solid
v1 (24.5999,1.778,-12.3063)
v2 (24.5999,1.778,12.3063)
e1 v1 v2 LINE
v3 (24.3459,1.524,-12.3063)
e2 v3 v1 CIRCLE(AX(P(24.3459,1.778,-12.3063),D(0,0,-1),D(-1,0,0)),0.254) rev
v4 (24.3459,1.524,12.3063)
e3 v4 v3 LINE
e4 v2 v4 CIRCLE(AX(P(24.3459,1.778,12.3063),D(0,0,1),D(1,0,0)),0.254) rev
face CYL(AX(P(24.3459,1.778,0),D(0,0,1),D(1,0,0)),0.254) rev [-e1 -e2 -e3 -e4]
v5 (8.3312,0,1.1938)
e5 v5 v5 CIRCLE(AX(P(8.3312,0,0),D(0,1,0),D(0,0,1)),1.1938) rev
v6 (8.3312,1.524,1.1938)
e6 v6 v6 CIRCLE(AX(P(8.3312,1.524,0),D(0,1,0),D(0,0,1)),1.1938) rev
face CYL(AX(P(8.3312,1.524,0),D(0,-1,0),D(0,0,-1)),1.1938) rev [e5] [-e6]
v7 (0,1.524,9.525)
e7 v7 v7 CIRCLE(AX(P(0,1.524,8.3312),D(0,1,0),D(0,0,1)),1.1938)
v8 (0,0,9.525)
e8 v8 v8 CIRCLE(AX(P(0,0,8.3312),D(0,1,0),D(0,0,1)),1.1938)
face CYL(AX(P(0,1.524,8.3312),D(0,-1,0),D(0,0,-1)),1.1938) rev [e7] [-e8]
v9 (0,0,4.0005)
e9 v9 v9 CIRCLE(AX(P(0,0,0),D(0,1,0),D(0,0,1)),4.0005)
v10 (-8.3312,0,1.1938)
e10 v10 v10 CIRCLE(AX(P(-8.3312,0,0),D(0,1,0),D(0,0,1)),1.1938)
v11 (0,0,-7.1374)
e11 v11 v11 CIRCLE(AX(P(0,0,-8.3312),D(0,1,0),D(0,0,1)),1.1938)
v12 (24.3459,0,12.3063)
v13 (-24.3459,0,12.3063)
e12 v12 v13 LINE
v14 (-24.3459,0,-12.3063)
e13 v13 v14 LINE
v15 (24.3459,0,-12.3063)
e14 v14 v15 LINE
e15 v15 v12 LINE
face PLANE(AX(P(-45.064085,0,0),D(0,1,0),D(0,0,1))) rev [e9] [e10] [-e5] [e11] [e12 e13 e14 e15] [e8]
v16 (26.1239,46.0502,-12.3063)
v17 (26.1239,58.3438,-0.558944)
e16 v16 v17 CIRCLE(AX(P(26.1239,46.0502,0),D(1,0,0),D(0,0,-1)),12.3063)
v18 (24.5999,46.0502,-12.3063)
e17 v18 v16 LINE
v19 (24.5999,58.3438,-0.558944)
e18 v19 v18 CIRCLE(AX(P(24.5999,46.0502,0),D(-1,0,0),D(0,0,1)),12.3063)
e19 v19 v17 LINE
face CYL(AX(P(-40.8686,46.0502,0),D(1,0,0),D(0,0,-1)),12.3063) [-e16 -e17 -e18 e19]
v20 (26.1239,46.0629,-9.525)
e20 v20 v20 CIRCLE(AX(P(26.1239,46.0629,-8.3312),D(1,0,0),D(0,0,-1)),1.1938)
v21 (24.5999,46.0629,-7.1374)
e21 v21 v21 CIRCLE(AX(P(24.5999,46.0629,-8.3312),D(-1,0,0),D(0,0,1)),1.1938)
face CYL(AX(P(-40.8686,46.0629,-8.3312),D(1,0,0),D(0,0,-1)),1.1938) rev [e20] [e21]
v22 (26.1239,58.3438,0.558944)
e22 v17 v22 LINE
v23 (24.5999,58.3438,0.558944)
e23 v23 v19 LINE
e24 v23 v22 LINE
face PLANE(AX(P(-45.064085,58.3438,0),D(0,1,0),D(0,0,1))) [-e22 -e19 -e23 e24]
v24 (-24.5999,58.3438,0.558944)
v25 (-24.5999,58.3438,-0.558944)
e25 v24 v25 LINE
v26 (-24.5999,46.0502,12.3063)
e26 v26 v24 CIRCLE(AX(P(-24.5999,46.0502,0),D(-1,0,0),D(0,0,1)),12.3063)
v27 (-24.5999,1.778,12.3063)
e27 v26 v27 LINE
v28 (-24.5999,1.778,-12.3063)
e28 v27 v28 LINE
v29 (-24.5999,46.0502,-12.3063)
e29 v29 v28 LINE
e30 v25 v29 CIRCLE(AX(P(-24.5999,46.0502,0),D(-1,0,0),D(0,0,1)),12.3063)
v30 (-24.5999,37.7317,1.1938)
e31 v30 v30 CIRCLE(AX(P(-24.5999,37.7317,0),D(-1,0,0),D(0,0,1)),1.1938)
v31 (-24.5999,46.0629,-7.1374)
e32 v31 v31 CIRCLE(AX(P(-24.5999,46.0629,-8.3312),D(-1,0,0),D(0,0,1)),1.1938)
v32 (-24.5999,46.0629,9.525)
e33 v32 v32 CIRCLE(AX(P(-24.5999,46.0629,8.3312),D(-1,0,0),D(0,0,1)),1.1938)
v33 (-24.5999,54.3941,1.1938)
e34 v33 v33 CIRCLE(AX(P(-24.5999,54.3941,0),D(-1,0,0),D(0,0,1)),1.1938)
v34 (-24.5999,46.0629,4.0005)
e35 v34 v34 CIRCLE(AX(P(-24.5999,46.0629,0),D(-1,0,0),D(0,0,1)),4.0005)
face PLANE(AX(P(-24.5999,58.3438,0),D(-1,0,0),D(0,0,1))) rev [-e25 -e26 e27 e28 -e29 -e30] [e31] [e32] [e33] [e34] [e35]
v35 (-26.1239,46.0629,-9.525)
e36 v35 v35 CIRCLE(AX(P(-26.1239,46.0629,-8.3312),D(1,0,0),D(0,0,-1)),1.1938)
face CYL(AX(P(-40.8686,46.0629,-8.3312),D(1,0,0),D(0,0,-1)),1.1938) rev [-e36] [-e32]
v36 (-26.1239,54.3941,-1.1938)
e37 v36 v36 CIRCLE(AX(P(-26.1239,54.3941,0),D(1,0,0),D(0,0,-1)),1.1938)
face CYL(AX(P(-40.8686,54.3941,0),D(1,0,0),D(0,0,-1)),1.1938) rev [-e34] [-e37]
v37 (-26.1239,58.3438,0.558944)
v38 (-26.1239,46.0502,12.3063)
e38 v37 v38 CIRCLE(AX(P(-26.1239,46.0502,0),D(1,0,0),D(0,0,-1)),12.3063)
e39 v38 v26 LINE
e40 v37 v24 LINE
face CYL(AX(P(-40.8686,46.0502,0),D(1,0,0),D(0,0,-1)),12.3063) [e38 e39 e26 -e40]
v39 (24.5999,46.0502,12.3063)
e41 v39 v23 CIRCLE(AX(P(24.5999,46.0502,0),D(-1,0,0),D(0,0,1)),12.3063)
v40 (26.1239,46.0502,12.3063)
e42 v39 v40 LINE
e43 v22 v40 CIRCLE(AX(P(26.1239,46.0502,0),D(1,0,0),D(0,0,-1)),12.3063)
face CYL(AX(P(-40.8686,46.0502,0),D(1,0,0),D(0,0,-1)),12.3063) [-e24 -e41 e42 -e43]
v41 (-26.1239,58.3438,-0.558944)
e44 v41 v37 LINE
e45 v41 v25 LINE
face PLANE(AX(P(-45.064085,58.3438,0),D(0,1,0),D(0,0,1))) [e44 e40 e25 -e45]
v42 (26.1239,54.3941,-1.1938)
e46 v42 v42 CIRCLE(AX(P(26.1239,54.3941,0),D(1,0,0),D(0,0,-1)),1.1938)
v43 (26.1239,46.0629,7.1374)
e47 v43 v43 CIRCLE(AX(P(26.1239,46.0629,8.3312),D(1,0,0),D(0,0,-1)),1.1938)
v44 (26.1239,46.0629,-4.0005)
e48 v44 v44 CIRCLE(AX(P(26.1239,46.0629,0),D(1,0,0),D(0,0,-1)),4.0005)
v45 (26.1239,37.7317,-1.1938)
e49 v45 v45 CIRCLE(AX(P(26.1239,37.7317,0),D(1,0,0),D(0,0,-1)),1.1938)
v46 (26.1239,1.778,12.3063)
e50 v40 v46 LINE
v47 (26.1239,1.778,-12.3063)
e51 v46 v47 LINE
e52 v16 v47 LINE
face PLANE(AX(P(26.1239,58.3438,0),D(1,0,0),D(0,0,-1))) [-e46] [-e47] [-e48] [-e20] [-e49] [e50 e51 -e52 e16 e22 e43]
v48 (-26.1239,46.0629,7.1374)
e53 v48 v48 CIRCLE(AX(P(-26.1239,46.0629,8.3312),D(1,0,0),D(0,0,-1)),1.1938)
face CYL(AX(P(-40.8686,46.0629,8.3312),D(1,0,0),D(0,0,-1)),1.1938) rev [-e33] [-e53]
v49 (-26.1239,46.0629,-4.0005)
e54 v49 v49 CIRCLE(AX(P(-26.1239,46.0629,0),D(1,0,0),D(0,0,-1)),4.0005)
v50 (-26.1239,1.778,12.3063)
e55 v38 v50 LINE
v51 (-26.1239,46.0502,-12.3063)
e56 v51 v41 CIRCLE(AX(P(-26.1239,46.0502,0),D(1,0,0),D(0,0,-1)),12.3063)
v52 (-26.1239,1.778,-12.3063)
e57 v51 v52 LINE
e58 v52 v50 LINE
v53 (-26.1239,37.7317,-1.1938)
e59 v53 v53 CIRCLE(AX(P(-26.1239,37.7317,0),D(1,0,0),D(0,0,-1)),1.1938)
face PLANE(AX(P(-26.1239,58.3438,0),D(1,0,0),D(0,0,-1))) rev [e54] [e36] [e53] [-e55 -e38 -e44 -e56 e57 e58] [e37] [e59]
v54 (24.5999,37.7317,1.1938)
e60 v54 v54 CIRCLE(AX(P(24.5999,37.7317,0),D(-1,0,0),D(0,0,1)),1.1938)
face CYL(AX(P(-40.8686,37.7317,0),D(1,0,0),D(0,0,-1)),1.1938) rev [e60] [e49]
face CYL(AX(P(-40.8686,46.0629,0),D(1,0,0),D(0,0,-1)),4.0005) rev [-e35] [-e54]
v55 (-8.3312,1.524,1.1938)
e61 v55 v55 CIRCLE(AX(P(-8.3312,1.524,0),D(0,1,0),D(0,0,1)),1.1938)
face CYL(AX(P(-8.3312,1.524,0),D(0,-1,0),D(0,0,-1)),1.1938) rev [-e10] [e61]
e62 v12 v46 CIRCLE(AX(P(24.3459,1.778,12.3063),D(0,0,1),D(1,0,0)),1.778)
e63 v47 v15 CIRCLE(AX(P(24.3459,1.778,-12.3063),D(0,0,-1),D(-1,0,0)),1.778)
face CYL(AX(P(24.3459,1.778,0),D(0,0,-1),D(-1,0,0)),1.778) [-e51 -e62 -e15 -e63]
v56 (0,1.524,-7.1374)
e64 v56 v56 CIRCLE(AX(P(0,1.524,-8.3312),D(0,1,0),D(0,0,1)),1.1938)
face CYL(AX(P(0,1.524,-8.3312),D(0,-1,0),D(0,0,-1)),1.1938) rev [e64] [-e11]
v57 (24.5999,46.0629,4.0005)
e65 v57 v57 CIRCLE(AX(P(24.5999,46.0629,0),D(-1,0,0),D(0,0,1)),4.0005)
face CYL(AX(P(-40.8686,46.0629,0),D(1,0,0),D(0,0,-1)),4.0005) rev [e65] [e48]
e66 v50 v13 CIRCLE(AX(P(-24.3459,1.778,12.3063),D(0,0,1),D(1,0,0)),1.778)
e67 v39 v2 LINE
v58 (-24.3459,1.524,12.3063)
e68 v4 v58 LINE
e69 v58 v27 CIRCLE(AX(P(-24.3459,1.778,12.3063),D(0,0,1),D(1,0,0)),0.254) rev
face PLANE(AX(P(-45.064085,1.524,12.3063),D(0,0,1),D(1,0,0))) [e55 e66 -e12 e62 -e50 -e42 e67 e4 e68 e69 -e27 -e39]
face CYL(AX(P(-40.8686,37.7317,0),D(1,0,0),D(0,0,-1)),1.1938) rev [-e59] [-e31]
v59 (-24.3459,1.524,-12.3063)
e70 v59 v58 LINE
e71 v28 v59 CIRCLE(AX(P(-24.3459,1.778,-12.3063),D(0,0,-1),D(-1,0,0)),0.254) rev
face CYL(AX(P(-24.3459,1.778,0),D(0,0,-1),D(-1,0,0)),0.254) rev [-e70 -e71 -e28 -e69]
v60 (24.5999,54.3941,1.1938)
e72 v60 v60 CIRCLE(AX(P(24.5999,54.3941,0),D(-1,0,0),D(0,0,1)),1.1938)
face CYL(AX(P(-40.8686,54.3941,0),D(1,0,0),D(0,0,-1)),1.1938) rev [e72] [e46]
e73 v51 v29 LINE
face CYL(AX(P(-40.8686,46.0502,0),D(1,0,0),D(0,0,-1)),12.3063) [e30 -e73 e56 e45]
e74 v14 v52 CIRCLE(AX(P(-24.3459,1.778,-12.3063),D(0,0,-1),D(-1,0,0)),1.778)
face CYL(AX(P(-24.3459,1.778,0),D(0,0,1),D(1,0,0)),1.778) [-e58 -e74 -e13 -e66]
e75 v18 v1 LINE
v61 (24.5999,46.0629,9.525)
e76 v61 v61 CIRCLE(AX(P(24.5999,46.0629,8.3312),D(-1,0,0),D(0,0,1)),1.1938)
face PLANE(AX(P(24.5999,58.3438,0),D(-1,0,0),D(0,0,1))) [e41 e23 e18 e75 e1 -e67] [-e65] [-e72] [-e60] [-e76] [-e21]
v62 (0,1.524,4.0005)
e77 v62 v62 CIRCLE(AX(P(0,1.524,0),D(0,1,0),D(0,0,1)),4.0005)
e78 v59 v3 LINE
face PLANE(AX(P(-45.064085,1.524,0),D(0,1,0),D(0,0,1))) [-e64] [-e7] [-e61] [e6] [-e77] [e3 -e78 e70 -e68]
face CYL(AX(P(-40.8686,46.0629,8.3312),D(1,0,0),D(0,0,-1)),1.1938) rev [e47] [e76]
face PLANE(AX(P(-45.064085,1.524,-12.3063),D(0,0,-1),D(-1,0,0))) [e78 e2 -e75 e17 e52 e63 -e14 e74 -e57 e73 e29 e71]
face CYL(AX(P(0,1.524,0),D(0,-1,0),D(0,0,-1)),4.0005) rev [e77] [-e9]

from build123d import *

# Parameters (mm, degrees)
SKETCH1_W               = 49.1998
SKETCH1_H               = 24.6126
SKETCH1_R               = 1.1938
SKETCH1_R_2             = 4.0005
EXTRUDE1_DEPTH          = 1.524
SKETCH1_3_W             = 1.524
SKETCH1_3_H             = 24.6126
EXTRUDE2_DEPTH          = 58.3438
SKETCH4_R               = 4.0005
SKETCH4_R_2             = 1.1938
CUT_EXTRUDE1_DEPTH      = 40.8686
CUT_EXTRUDE1_DEPTH_BACK = 40.8686
FILLET1_R               = 0.254
FILLET2_R               = 1.778


with BuildPart() as part:
    # Sketch1 → Extrude1 (new body)
    with BuildSketch(Plane(origin=(0, 0, 0), x_dir=(1, 0, 0), z_dir=(0, 1, 0))):
        Rectangle(SKETCH1_W, SKETCH1_H)
        with Locations((-8.3312, 0)):
            Circle(SKETCH1_R, mode=Mode.SUBTRACT)
        with Locations((0, -8.3312)):
            Circle(SKETCH1_R, mode=Mode.SUBTRACT)
        Circle(SKETCH1_R_2, mode=Mode.SUBTRACT)
        with Locations((8.3312, 0)):
            Circle(SKETCH1_R, mode=Mode.SUBTRACT)
        with Locations((0, 8.3312)):
            Circle(SKETCH1_R, mode=Mode.SUBTRACT)
    extrude(amount=EXTRUDE1_DEPTH)

    # Sketch1<3> → Extrude2 (add)
    with BuildSketch(Plane(origin=(0, 0, 0), x_dir=(1, 0, 0), z_dir=(0, 1, 0))):
        with Locations((25.3619, 0)):
            Rectangle(SKETCH1_3_W, SKETCH1_3_H)
        with Locations((-25.3619, 0)):
            Rectangle(SKETCH1_3_W, SKETCH1_3_H)
    extrude(amount=EXTRUDE2_DEPTH)

    # Sketch4 → Cut-Extrude1 (cut, two sides)
    with BuildSketch(Plane(origin=(0, 0, 0), x_dir=(0, 0, -1), z_dir=(1, 0, 0))) as cut_extrude1_sk:
        with BuildLine():
            Line((-0.5589443, 58.3438), (-12.3063, 58.3438))
            Line((-12.3063, 58.3438), (-12.3063, 46.0502))
            ThreePointArc((-12.3063, 46.0502), (-8.897290484, 54.552155171), (-0.5589443, 58.3438))
        make_face()
        with BuildLine():
            Line((12.3063, 58.3438), (0.5589443, 58.3438))
            ThreePointArc((0.5589443, 58.3438), (8.897290484, 54.552155171), (12.3063, 46.0502))
            Line((12.3063, 46.0502), (12.3063, 58.3438))
        make_face()
        with Locations((0, 46.0629)):
            Circle(SKETCH4_R)
        with Locations((8.3312, 46.0629)):
            Circle(SKETCH4_R_2)
        with Locations((0, 54.3941)):
            Circle(SKETCH4_R_2)
        with Locations((-8.3312, 46.0629)):
            Circle(SKETCH4_R_2)
        with Locations((0, 37.7317)):
            Circle(SKETCH4_R_2)
    extrude(amount=CUT_EXTRUDE1_DEPTH, mode=Mode.SUBTRACT)
    extrude(cut_extrude1_sk.sketch, amount=-CUT_EXTRUDE1_DEPTH_BACK, mode=Mode.SUBTRACT)

    # Fillet1
    fillet1_edges = [part.edges().sort_by_distance(p)[0] for p in [
        (-24.5999, 1.524, 0),
        (24.5999, 1.524, 0),
    ]]
    fillet(fillet1_edges, radius=FILLET1_R)

    # Fillet2
    fillet2_edges = [part.edges().sort_by_distance(p)[0] for p in [
        (-26.1239, 0, 0),
        (26.1239, 0, 0),
    ]]
    fillet(fillet2_edges, radius=FILLET2_R)


solid = part.part
